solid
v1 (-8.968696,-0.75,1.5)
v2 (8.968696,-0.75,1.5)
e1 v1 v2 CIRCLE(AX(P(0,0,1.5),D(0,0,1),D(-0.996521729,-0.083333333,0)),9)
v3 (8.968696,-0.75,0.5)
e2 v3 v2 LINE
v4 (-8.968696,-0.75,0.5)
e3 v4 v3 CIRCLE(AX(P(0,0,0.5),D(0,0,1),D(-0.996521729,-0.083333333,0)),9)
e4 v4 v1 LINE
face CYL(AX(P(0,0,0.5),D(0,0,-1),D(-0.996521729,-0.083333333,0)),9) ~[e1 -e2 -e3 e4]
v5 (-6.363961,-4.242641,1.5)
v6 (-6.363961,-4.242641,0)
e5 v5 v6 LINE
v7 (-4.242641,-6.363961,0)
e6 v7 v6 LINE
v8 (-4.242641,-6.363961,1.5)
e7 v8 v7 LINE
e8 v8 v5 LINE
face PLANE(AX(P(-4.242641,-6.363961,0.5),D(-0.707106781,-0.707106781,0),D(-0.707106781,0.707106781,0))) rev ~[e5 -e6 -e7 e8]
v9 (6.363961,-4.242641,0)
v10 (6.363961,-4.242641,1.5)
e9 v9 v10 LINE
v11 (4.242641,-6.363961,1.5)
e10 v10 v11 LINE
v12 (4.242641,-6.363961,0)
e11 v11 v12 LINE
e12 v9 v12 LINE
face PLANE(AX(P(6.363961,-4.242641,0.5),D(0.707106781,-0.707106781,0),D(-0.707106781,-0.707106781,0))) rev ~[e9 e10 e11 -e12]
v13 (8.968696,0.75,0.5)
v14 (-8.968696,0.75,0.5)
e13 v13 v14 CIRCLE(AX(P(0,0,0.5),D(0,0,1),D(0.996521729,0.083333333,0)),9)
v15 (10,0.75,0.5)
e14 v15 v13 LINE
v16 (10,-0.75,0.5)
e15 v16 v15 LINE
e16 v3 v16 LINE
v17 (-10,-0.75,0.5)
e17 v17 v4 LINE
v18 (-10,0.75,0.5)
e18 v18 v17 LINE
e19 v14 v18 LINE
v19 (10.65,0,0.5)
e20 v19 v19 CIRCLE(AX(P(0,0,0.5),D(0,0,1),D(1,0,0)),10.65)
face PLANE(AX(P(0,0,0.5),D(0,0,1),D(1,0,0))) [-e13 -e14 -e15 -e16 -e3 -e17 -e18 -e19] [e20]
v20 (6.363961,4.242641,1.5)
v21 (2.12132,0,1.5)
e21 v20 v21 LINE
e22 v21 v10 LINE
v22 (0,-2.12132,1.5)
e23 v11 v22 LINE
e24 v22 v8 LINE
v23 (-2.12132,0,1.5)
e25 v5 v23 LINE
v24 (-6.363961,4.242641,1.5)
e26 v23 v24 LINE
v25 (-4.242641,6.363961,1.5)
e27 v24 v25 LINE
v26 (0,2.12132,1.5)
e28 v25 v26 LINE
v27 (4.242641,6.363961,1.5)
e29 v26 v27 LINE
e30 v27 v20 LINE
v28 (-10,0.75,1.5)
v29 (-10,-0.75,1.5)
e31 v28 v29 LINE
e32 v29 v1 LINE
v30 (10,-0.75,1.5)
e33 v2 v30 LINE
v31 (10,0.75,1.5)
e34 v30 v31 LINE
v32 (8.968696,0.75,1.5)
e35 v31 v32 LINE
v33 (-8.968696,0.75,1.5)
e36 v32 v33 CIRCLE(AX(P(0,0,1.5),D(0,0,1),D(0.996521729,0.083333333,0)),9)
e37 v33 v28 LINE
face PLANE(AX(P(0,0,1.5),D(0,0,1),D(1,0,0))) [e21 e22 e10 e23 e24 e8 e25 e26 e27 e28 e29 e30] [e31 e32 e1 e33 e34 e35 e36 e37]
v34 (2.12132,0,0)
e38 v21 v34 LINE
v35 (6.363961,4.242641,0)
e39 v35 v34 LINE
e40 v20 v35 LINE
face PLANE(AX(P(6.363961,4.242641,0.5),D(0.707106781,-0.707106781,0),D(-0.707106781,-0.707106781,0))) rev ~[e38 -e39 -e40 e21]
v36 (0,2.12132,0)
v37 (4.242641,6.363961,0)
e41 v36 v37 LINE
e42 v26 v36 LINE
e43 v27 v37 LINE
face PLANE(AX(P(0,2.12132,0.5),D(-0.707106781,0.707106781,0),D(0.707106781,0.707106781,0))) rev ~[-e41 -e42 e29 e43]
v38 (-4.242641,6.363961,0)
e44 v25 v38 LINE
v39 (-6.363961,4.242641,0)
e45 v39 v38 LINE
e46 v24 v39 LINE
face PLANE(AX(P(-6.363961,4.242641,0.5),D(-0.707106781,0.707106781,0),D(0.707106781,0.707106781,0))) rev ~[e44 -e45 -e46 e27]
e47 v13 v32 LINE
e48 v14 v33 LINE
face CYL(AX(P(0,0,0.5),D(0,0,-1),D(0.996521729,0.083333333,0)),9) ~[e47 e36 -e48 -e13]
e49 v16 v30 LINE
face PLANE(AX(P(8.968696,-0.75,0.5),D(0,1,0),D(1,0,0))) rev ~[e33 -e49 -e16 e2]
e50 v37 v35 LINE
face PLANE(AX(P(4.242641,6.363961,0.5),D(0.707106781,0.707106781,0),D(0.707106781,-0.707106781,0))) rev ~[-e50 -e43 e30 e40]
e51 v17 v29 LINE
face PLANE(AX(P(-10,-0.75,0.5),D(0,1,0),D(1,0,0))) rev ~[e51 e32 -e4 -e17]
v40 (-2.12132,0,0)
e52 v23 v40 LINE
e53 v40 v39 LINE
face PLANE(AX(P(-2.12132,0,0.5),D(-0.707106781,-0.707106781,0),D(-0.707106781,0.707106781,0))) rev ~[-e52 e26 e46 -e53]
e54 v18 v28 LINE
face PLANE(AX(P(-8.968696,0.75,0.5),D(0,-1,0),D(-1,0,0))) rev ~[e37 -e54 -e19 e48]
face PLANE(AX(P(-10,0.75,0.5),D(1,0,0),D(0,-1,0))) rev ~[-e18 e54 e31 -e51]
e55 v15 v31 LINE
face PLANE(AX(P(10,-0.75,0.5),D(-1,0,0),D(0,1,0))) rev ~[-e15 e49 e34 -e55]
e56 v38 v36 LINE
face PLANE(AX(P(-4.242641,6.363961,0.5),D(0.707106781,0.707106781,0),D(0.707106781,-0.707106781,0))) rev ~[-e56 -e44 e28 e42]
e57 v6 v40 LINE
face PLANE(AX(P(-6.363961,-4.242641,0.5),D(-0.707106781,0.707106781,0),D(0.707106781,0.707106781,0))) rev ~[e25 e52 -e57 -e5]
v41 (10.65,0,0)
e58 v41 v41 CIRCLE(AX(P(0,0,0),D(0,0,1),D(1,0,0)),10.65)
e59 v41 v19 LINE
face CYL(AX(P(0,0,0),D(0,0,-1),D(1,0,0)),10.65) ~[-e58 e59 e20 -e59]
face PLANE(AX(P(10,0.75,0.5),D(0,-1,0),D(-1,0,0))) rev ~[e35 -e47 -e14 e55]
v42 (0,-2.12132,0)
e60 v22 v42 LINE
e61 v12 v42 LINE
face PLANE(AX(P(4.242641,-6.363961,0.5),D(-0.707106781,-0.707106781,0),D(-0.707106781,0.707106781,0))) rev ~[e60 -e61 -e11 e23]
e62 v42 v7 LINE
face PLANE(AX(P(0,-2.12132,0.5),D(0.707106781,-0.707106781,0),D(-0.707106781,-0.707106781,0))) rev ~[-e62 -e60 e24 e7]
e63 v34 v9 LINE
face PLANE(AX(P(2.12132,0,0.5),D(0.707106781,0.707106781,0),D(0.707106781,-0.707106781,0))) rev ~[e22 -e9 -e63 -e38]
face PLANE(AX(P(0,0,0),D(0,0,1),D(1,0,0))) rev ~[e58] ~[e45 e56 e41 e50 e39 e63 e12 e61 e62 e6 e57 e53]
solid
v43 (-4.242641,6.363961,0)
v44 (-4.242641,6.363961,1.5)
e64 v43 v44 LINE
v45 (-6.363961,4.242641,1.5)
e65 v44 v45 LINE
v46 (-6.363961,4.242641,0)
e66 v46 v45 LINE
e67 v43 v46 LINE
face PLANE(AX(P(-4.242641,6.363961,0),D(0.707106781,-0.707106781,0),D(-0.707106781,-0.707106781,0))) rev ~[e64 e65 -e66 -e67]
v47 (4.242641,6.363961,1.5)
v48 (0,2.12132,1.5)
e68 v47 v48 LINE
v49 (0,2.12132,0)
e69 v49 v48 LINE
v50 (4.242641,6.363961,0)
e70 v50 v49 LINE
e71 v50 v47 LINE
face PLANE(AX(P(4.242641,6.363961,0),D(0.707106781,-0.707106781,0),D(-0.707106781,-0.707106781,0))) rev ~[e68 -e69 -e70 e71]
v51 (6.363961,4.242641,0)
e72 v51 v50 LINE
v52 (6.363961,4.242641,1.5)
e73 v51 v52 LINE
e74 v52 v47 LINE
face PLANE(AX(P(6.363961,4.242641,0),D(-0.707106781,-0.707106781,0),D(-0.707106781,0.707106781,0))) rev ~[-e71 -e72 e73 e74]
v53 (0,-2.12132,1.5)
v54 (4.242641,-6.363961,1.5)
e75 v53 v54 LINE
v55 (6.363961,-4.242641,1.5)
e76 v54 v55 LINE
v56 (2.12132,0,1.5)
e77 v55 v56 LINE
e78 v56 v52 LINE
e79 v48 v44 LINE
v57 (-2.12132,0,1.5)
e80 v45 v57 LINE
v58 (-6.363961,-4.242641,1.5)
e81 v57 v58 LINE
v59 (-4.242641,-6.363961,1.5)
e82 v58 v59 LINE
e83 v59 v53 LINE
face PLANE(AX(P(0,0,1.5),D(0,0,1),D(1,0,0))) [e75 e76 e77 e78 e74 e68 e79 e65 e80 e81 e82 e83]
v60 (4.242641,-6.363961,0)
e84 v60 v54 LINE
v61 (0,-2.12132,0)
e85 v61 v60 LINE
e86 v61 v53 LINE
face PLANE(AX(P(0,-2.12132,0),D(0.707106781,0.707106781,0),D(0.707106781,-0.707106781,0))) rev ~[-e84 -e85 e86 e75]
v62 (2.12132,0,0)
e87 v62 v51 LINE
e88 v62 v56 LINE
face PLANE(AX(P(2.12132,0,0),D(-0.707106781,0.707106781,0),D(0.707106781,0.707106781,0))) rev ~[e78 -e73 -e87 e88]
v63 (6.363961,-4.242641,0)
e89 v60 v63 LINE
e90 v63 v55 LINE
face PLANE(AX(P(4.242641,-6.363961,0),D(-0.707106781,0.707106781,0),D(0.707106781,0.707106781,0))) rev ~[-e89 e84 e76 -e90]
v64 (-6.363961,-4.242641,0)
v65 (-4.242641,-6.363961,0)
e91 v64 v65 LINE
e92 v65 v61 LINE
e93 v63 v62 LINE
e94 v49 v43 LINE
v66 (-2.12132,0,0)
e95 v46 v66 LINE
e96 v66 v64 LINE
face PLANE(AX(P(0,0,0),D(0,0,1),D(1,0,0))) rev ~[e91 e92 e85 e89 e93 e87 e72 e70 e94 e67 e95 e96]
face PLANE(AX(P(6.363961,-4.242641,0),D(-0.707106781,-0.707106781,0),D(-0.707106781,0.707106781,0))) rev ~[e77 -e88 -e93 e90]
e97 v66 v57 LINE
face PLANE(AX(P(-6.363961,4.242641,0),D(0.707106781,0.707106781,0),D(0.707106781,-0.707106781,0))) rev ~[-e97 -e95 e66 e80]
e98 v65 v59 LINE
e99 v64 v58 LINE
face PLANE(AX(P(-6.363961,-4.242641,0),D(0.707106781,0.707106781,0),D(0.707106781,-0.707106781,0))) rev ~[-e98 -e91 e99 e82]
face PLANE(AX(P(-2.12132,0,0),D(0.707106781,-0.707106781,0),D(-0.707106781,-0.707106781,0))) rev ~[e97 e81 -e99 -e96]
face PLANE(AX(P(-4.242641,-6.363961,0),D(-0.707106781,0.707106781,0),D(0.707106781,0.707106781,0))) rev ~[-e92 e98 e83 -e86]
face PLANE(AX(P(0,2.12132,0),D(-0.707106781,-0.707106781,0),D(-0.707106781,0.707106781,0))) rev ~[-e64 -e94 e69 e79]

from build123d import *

# Parameters (mm, degrees)
F0_R     = 10.65
F1_DEPTH = 0.5
F3_DEPTH = 1
F4_DEPTH = 1.5


with BuildPart() as f1:
    # F0 (on Top) → F1 (new body)
    with BuildSketch(Plane.XY):
        Circle(F0_R)
        Polygon((-4.2426406871, -6.3639610307), (-6.3639610307, -4.2426406871), (-2.1213203436, 0), (-6.3639610307, 4.2426406871), (-4.2426406871, 6.3639610307), (0, 2.1213203436), (4.2426406871, 6.3639610307), (6.3639610307, 4.2426406871), (2.1213203436, 0), (6.3639610307, -4.2426406871), (4.2426406871, -6.3639610307), (0, -2.1213203436), align=None, mode=Mode.SUBTRACT)
    extrude(amount=F1_DEPTH)

    # F2 (on face) → F3 (join)
    with BuildSketch(Plane.XY.offset(0.5)):
        with BuildLine():
            Line((-10, -0.75), (-8.9686955573, -0.75))
            ThreePointArc((-8.9686955573, -0.75), (0, -9), (8.9686955573, -0.75))
            Line((8.9686955573, -0.75), (10, -0.75))
            Line((10, -0.75), (10, 0.75))
            Line((10, 0.75), (8.9686955573, 0.75))
            ThreePointArc((8.9686955573, 0.75), (0, 9), (-8.9686955573, 0.75))
            Line((-8.9686955573, 0.75), (-10, 0.75))
            Line((-10, 0.75), (-10, -0.75))
        make_face()
        Polygon((6.3639610307, -4.2426406871), (4.2426406871, -6.3639610307), (0, -2.1213203436), (-4.2426406871, -6.3639610307), (-6.3639610307, -4.2426406871), (-2.1213203436, 0), (-6.3639610307, 4.2426406871), (-4.2426406871, 6.3639610307), (0, 2.1213203436), (4.2426406871, 6.3639610307), (6.3639610307, 4.2426406871), (2.1213203436, 0), align=None, mode=Mode.SUBTRACT)
    extrude(amount=F3_DEPTH)


with BuildPart() as f4:
    # F0 (on Top) → F4 (new body, through all)
    with BuildSketch(Plane.XY):
        Polygon((-2.1213203436, 0), (-6.3639610307, -4.2426406871), (-4.2426406871, -6.3639610307), (0, -2.1213203436), (4.2426406871, -6.3639610307), (6.3639610307, -4.2426406871), (2.1213203436, 0), (6.3639610307, 4.2426406871), (4.2426406871, 6.3639610307), (0, 2.1213203436), (-4.2426406871, 6.3639610307), (-6.3639610307, 4.2426406871), align=None)
    extrude(amount=F4_DEPTH)


solid = Compound([f1.part, f4.part])
